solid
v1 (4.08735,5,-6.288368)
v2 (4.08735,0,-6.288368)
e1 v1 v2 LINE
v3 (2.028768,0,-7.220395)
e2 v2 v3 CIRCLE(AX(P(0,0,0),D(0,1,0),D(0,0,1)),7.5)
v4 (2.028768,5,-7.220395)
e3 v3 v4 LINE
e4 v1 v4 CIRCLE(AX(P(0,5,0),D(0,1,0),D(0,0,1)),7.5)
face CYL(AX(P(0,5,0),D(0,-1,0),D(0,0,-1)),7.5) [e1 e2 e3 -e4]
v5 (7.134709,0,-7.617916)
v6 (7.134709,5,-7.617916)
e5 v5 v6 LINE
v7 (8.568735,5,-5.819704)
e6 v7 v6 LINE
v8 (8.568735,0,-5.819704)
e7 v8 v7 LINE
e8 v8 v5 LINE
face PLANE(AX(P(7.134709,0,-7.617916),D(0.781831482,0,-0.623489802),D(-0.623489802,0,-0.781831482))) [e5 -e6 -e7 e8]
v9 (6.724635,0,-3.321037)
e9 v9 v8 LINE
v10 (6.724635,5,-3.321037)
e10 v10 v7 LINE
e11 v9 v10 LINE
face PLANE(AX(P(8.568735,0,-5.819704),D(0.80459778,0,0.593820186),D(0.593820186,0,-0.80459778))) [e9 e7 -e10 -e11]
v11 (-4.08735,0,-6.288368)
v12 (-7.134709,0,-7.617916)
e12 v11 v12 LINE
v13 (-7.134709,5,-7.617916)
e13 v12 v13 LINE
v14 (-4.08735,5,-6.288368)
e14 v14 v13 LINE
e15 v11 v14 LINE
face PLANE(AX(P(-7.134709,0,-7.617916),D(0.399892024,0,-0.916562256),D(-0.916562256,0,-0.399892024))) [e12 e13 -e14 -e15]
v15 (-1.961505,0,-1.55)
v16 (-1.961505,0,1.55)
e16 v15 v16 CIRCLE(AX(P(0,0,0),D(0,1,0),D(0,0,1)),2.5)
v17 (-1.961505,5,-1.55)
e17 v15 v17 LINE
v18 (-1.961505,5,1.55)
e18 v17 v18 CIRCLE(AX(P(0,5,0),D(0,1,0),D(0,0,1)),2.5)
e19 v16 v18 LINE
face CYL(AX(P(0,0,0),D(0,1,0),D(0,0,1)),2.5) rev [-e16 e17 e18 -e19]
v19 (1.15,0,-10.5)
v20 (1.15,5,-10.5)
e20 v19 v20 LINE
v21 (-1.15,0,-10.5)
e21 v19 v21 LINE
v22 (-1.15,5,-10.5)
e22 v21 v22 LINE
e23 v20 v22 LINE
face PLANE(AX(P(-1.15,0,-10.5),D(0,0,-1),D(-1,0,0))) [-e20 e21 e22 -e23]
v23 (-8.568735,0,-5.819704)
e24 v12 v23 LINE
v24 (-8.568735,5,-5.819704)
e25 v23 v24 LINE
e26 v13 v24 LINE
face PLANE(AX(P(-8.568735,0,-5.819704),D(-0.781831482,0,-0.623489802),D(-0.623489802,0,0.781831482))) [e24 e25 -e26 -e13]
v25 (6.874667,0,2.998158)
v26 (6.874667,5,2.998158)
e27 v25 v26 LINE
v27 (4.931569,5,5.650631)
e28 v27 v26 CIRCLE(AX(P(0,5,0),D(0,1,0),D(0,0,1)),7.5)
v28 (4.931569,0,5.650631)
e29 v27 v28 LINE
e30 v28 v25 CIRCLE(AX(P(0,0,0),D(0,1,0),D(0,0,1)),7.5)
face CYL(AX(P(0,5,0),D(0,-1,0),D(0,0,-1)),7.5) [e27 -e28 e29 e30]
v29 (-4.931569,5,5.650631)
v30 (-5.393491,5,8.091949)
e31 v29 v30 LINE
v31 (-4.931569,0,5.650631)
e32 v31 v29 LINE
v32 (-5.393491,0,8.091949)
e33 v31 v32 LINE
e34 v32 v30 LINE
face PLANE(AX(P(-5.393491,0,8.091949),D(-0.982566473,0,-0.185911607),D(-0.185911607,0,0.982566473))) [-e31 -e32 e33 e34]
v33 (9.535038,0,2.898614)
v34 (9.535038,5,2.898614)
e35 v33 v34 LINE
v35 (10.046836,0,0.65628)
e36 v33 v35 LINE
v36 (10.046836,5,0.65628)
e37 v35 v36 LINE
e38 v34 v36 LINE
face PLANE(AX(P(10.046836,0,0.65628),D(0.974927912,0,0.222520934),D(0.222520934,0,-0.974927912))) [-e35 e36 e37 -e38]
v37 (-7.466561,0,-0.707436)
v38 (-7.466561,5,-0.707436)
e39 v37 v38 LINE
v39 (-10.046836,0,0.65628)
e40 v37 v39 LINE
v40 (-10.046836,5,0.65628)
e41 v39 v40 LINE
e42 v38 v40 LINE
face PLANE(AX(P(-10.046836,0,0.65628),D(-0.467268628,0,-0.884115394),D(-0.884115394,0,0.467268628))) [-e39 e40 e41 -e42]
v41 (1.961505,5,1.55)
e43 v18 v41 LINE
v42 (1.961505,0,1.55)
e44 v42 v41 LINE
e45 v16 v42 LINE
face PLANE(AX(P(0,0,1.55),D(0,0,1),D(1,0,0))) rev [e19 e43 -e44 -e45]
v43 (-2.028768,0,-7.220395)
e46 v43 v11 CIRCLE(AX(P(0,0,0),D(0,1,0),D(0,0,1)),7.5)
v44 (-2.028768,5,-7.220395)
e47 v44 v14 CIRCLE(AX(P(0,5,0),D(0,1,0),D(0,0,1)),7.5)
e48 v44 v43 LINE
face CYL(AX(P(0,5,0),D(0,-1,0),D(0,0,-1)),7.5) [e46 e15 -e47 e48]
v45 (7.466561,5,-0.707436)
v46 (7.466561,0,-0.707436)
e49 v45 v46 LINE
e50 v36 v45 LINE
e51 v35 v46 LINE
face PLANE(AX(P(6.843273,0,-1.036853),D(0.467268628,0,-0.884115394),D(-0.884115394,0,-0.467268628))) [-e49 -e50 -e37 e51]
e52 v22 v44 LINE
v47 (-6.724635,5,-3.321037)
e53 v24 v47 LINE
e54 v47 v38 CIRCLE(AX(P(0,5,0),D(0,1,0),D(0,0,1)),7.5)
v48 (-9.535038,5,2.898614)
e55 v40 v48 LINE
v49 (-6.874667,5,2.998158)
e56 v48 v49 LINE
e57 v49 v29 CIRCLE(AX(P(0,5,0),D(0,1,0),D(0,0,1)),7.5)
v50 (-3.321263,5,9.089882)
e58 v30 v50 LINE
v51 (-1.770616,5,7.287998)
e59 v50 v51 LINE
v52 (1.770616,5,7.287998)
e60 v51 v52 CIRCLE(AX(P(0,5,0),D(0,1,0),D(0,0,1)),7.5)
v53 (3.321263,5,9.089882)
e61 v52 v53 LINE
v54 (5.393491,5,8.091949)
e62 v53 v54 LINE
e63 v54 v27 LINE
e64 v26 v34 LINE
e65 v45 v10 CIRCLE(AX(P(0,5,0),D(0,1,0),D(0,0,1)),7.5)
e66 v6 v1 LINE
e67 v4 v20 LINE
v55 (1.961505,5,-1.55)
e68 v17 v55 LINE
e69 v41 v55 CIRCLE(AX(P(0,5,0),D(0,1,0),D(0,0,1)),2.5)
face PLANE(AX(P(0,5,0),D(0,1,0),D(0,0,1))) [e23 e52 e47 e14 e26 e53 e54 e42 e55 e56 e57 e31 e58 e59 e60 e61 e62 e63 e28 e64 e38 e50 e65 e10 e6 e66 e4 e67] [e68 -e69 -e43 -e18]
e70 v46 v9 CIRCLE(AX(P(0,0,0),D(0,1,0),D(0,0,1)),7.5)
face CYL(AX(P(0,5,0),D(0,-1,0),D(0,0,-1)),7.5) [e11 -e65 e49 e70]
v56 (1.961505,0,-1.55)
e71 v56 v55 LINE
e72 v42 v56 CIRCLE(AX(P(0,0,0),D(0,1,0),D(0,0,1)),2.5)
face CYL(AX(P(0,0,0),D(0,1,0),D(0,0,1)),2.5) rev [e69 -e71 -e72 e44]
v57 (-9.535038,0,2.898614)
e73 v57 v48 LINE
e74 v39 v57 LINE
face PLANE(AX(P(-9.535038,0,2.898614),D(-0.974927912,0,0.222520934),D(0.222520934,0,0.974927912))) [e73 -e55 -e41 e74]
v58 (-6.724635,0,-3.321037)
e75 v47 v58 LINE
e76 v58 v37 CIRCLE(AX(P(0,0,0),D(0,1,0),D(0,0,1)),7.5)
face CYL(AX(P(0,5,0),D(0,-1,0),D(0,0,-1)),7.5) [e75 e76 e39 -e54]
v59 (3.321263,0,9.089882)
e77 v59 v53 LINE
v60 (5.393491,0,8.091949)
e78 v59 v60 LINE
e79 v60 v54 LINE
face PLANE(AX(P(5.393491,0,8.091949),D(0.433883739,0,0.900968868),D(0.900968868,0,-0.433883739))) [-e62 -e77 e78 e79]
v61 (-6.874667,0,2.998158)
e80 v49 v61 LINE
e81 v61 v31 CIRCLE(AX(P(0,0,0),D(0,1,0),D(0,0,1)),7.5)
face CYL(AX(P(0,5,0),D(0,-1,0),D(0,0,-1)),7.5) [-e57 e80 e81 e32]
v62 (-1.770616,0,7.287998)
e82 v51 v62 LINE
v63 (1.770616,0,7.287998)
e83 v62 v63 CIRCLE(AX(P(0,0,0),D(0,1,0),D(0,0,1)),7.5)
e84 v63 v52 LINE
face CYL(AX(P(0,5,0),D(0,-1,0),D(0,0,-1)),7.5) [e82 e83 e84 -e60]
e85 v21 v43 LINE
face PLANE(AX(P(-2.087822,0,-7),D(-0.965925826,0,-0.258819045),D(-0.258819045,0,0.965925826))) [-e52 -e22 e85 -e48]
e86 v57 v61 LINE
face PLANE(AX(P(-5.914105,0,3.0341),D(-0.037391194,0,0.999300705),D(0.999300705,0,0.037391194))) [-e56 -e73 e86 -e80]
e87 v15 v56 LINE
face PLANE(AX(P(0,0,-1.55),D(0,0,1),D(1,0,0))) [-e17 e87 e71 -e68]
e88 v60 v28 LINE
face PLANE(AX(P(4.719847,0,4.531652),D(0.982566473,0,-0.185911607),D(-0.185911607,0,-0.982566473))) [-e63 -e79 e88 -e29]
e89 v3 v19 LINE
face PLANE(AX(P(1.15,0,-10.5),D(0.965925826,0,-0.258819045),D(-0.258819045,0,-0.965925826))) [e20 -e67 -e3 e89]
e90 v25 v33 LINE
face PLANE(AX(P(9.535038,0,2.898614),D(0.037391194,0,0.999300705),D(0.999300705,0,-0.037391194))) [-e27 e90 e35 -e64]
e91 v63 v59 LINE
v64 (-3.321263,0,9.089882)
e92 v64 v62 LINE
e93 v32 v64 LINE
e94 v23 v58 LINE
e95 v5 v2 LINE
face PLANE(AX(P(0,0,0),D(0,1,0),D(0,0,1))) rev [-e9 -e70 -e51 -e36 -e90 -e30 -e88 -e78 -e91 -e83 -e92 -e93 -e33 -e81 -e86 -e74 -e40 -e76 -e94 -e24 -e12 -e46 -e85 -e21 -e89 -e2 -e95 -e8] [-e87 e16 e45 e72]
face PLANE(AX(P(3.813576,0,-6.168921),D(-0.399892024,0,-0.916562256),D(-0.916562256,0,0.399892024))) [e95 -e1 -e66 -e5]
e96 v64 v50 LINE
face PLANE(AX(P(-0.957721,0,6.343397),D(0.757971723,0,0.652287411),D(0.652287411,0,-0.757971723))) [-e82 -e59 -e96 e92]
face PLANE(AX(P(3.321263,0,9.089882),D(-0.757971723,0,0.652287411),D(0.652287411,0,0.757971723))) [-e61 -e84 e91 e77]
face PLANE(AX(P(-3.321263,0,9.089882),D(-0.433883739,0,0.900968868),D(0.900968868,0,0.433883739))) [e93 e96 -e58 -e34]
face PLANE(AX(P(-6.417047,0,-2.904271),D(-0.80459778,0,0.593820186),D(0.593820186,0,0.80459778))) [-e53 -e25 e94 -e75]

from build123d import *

# Parameters (mm, degrees)
SKIZZE1_R                       = 7.5
AUFSATZ_LINEAR_AUSTRAGEN1_DEPTH = 5
AUFSATZ_LINEAR_AUSTRAGEN2_DEPTH = 5
KREISMUSTER1_COUNT              = 7
SCHNITT_LINEAR_AUSTRAGEN1_DEPTH = 5


with BuildPart() as part:
    # Skizze1 → Aufsatz-Linear austragen1 (new body)
    with BuildSketch(Plane(origin=(0, 0, 0), x_dir=(1, 0, 0), z_dir=(0, 1, 0))):
        with Locations(Location((0, 0, 0), (0, 0, 270))):
            Circle(SKIZZE1_R)
    extrude(amount=AUFSATZ_LINEAR_AUSTRAGEN1_DEPTH)

    # Skizze2 → Aufsatz-Linear austragen2 (add)
    with BuildSketch(Plane(origin=(0, 5, 0), x_dir=(1, 0, 0), z_dir=(0, 1, 0))):
        Polygon((-1.15, 10.5), (1.15, 10.5), (2.087822174, 7), (-2.087822174, 7), align=None)
    aufsatz_linear_austragen2 = extrude(amount=-AUFSATZ_LINEAR_AUSTRAGEN2_DEPTH)

    # Kreismuster1: Aufsatz-Linear austragen2 ×7 about axis
    kreismuster1_axis = Axis((0, 0, -0.45727081), (0, 1, 0))
    for i in range(1, KREISMUSTER1_COUNT):
        add(aufsatz_linear_austragen2.rotate(kreismuster1_axis, i * 360 / KREISMUSTER1_COUNT))

    # Skizze3 → Schnitt-Linear austragen1 (cut)
    with BuildSketch(Plane(origin=(0, 5, 0), x_dir=(1, 0, 0), z_dir=(0, 1, 0))):
        with BuildLine():
            Line((1.961504525, 1.55), (-1.961504525, 1.55))
            ThreePointArc((-1.961504525, 1.55), (-2.5, 0), (-1.961504525, -1.55))
            Line((-1.961504525, -1.55), (1.961504525, -1.55))
            ThreePointArc((1.961504525, -1.55), (2.361542008, -0.820438507), (2.5, 0))
            ThreePointArc((2.5, 0), (2.361542008, 0.820438507), (1.961504525, 1.55))
        make_face()
    extrude(amount=-SCHNITT_LINEAR_AUSTRAGEN1_DEPTH, mode=Mode.SUBTRACT)


solid = part.part
